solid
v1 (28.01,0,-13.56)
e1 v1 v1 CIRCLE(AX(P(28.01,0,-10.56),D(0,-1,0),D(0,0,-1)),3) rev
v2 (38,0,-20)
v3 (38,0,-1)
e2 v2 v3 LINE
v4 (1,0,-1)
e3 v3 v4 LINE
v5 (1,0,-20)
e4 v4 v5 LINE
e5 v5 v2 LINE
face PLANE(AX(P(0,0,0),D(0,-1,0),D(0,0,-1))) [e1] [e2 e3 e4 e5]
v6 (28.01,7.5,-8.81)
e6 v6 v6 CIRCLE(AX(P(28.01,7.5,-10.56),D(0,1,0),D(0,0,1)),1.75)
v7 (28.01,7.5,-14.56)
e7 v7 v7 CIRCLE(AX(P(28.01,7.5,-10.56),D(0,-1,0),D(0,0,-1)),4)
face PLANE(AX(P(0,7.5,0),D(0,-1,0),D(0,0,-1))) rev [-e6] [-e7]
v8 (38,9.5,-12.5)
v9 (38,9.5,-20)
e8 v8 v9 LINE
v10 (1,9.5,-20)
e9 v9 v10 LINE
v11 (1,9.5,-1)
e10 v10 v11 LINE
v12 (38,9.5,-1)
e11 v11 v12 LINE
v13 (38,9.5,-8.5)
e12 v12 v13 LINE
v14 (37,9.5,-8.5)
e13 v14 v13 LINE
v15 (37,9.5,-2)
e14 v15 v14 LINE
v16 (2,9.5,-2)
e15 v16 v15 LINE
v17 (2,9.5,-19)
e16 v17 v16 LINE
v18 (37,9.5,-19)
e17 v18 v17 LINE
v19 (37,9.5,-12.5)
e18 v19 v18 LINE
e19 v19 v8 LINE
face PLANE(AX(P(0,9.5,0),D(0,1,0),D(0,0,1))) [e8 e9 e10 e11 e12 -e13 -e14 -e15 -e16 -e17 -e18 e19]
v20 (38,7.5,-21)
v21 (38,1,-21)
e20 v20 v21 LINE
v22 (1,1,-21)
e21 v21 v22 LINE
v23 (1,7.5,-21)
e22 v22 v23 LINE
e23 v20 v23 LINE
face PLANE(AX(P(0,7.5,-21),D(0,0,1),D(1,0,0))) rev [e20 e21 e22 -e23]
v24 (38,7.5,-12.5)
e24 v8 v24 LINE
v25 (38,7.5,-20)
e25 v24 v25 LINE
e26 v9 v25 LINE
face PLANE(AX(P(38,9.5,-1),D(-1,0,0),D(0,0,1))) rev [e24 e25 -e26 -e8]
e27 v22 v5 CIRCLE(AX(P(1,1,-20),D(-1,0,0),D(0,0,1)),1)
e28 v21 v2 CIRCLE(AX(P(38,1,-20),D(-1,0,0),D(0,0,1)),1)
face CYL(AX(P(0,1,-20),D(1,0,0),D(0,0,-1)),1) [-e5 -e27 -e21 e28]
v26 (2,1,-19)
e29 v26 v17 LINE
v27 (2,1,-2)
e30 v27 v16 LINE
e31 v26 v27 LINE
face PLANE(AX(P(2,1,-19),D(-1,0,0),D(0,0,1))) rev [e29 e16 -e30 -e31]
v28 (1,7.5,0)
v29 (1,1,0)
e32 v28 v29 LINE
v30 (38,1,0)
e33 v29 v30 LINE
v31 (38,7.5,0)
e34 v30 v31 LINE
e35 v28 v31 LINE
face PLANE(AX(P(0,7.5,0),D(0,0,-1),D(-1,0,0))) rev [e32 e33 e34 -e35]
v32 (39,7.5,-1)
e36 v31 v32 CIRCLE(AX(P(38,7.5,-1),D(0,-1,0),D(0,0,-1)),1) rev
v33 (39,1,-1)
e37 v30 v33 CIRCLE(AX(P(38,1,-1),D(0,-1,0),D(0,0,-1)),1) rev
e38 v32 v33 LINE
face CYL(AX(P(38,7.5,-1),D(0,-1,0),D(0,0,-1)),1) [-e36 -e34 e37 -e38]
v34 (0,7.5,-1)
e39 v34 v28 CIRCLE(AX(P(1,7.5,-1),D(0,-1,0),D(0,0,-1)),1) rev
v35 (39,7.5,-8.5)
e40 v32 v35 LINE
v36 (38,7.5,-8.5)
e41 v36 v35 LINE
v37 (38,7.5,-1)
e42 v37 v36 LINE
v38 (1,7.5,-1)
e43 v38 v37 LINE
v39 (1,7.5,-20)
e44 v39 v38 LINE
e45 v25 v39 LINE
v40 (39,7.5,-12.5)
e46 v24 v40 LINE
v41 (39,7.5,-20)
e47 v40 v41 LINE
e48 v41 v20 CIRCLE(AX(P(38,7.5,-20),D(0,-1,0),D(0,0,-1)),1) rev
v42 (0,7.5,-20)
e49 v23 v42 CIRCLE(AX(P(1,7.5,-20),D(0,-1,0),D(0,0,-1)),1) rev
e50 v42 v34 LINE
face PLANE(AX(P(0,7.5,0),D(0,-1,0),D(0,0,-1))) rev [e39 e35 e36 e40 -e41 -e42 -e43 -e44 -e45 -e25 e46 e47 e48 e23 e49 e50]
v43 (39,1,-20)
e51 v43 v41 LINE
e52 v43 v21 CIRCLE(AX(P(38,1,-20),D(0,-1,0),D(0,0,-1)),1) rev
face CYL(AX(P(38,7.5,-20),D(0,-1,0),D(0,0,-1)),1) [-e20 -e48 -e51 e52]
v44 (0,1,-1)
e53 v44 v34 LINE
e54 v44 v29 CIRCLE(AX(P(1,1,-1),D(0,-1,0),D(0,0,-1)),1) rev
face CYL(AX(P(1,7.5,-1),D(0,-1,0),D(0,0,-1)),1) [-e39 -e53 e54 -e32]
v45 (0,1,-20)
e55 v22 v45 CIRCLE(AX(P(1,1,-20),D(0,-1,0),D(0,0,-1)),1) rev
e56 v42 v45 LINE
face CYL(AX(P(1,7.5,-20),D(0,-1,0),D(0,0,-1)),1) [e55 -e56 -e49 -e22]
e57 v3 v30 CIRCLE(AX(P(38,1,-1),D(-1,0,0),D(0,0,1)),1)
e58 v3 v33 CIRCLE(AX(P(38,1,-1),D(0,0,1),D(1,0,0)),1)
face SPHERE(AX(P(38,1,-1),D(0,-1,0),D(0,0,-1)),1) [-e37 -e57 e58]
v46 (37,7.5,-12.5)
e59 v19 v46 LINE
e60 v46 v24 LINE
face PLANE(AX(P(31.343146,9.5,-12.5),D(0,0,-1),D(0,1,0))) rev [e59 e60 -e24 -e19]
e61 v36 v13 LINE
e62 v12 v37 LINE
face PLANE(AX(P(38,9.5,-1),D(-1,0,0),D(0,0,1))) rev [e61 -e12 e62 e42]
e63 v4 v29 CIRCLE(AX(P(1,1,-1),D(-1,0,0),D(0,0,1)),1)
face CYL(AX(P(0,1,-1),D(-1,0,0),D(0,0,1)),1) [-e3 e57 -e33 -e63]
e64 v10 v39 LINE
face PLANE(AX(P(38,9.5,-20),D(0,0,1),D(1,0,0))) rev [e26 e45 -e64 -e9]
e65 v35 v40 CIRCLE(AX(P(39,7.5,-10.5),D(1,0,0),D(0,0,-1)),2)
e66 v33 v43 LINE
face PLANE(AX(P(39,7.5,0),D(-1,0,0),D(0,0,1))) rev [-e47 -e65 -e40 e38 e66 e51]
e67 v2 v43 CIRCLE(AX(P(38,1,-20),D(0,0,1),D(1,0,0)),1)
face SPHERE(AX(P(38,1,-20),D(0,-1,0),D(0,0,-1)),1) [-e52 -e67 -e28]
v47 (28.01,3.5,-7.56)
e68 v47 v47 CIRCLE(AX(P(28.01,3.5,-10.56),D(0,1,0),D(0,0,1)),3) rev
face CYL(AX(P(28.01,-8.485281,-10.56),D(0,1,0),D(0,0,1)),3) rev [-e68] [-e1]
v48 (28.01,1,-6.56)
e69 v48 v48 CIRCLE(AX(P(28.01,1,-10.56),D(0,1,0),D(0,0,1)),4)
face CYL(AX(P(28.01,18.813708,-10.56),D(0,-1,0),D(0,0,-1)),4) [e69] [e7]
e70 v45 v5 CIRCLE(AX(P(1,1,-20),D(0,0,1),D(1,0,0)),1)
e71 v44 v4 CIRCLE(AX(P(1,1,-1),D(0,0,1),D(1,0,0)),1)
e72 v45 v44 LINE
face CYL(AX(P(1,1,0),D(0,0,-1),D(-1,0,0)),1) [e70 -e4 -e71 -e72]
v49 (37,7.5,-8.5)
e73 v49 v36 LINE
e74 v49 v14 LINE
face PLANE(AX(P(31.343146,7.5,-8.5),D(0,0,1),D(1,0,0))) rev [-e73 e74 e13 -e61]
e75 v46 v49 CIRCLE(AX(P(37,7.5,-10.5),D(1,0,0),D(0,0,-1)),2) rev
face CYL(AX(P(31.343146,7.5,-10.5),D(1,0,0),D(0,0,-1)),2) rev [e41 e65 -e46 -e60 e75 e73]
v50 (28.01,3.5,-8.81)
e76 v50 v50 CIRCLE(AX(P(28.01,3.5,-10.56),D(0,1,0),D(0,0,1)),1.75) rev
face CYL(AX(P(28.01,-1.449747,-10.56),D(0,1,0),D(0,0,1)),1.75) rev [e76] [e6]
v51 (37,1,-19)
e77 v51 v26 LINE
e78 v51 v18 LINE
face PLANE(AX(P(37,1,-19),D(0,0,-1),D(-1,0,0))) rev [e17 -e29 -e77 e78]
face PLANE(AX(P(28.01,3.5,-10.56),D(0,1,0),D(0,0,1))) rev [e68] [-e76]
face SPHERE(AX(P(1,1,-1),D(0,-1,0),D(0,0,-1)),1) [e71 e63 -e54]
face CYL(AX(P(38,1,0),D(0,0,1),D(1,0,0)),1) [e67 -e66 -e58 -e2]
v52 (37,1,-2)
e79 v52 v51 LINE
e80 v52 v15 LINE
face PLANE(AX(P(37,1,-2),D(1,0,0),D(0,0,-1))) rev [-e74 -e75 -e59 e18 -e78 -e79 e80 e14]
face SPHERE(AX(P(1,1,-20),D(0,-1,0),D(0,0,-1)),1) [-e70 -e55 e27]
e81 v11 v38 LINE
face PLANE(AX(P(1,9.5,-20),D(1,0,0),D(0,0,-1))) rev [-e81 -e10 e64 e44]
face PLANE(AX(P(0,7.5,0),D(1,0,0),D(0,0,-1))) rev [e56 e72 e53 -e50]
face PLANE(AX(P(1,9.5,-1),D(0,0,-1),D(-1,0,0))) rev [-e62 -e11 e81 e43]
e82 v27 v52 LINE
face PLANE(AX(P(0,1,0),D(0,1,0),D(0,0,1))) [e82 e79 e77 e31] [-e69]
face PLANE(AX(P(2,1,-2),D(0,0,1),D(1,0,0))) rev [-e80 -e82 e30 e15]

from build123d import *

# Parameters (mm, degrees)
SKETCH1_W           = 39
SKETCH1_H           = 21
BOSS_EXTRUDE1_DEPTH = 7.5
SKETCH2_W           = 37
SKETCH2_H           = 19
CUT_EXTRUDE1_DEPTH  = 6.5
FILLET1_R           = 1
FILLET2_R           = 1
SKETCH3_W           = 37
SKETCH3_H           = 19
BOSS_EXTRUDE2_DEPTH = 8.5
SKETCH4_W           = 35
SKETCH4_H           = 17
CUT_EXTRUDE2_DEPTH  = 8.5
SKETCH5_R           = 4
BOSS_EXTRUDE3_DEPTH = 6.5
SKETCH6_R           = 3
CUT_EXTRUDE3_DEPTH  = 7.5
SKETCH7_R           = 4
BOSS_EXTRUDE4_DEPTH = 4
SKETCH8_R           = 1.75
CUT_EXTRUDE4_DEPTH  = 4
CUT_EXTRUDE5_DEPTH  = 2


with BuildPart() as part:
    # Sketch1 → Boss-Extrude1 (new body)
    with BuildSketch(Plane(origin=(0, 0, 0), x_dir=(1, 0, 0), z_dir=(0, 1, 0))):
        with Locations((19.5, 10.5)):
            Rectangle(SKETCH1_W, SKETCH1_H)
    extrude(amount=BOSS_EXTRUDE1_DEPTH)

    # Sketch2 → Cut-Extrude1 (cut)
    with BuildSketch(Plane(origin=(0, 7.5, 0), x_dir=(1, 0, 0), z_dir=(0, 1, 0))):
        with Locations((19.5, 10.5)):
            Rectangle(SKETCH2_W, SKETCH2_H)
    extrude(amount=-CUT_EXTRUDE1_DEPTH, mode=Mode.SUBTRACT)

    # Fillet1
    fillet1_edges = [part.edges().sort_by_distance(p)[0] for p in [
        (0, 3.75, -21),
        (39, 3.75, -21),
        (39, 3.75, 0),
        (0, 3.75, 0),
    ]]
    fillet(fillet1_edges, radius=FILLET1_R)

    # Fillet2
    fillet2_edges = [part.edges().sort_by_distance(p)[0] for p in [
        (39, 0, -10.5),
        (0, 0, -10.5),
        (19.5, 0, -21),
        (19.5, 0, 0),
        (0.292893219, 0, -0.292893219),
        (0.292893219, 0, -20.707106781),
        (38.707106781, 0, -20.707106781),
        (38.707106781, 0, -0.292893219),
    ]]
    fillet(fillet2_edges, radius=FILLET2_R)

    # Sketch3 → Boss-Extrude2 (add)
    with BuildSketch(Plane(origin=(0, 1, 0), x_dir=(1, 0, 0), z_dir=(0, 1, 0))):
        with Locations((19.5, 10.5)):
            Rectangle(SKETCH3_W, SKETCH3_H)
    extrude(amount=BOSS_EXTRUDE2_DEPTH)

    # Sketch4 → Cut-Extrude2 (cut)
    with BuildSketch(Plane(origin=(0, 9.5, 0), x_dir=(1, 0, 0), z_dir=(0, 1, 0))):
        with Locations((19.5, 10.5)):
            Rectangle(SKETCH4_W, SKETCH4_H)
    extrude(amount=-CUT_EXTRUDE2_DEPTH, mode=Mode.SUBTRACT)

    # Sketch5 → Boss-Extrude3 (add)
    with BuildSketch(Plane(origin=(0, 1, 0), x_dir=(1, 0, 0), z_dir=(0, 1, 0))):
        with Locations((28.01, 10.56)):
            Circle(SKETCH5_R)
    extrude(amount=BOSS_EXTRUDE3_DEPTH)

    # Sketch6 → Cut-Extrude3 (cut)
    with BuildSketch(Plane(origin=(0, 7.5, 0), x_dir=(1, 0, 0), z_dir=(0, 1, 0))):
        with Locations((28.01, 10.56)):
            Circle(SKETCH6_R)
    extrude(amount=-CUT_EXTRUDE3_DEPTH, mode=Mode.SUBTRACT)

    # Sketch7 → Boss-Extrude4 (add)
    with BuildSketch(Plane(origin=(0, 7.5, 0), x_dir=(1, 0, 0), z_dir=(0, 1, 0))):
        with Locations((28.01, 10.56)):
            Circle(SKETCH7_R)
    extrude(amount=-BOSS_EXTRUDE4_DEPTH)

    # Sketch8 → Cut-Extrude4 (cut)
    with BuildSketch(Plane(origin=(0, 7.5, 0), x_dir=(1, 0, 0), z_dir=(0, 1, 0))):
        with Locations((28.01, 10.56)):
            Circle(SKETCH8_R)
    extrude(amount=-CUT_EXTRUDE4_DEPTH, mode=Mode.SUBTRACT)

    # Sketch9 → Cut-Extrude5 (cut)
    with BuildSketch(Plane(origin=(39, 0, 0), x_dir=(0, 0, -1), z_dir=(1, 0, 0))):
        with BuildLine():
            Line((8.5, 7.5), (8.5, 9.5))
            Line((8.5, 9.5), (12.5, 9.5))
            Line((12.5, 9.5), (12.5, 7.5))
            ThreePointArc((12.5, 7.5), (10.5, 5.5), (8.5, 7.5))
        make_face()
    extrude(amount=-CUT_EXTRUDE5_DEPTH, mode=Mode.SUBTRACT)


solid = part.part
